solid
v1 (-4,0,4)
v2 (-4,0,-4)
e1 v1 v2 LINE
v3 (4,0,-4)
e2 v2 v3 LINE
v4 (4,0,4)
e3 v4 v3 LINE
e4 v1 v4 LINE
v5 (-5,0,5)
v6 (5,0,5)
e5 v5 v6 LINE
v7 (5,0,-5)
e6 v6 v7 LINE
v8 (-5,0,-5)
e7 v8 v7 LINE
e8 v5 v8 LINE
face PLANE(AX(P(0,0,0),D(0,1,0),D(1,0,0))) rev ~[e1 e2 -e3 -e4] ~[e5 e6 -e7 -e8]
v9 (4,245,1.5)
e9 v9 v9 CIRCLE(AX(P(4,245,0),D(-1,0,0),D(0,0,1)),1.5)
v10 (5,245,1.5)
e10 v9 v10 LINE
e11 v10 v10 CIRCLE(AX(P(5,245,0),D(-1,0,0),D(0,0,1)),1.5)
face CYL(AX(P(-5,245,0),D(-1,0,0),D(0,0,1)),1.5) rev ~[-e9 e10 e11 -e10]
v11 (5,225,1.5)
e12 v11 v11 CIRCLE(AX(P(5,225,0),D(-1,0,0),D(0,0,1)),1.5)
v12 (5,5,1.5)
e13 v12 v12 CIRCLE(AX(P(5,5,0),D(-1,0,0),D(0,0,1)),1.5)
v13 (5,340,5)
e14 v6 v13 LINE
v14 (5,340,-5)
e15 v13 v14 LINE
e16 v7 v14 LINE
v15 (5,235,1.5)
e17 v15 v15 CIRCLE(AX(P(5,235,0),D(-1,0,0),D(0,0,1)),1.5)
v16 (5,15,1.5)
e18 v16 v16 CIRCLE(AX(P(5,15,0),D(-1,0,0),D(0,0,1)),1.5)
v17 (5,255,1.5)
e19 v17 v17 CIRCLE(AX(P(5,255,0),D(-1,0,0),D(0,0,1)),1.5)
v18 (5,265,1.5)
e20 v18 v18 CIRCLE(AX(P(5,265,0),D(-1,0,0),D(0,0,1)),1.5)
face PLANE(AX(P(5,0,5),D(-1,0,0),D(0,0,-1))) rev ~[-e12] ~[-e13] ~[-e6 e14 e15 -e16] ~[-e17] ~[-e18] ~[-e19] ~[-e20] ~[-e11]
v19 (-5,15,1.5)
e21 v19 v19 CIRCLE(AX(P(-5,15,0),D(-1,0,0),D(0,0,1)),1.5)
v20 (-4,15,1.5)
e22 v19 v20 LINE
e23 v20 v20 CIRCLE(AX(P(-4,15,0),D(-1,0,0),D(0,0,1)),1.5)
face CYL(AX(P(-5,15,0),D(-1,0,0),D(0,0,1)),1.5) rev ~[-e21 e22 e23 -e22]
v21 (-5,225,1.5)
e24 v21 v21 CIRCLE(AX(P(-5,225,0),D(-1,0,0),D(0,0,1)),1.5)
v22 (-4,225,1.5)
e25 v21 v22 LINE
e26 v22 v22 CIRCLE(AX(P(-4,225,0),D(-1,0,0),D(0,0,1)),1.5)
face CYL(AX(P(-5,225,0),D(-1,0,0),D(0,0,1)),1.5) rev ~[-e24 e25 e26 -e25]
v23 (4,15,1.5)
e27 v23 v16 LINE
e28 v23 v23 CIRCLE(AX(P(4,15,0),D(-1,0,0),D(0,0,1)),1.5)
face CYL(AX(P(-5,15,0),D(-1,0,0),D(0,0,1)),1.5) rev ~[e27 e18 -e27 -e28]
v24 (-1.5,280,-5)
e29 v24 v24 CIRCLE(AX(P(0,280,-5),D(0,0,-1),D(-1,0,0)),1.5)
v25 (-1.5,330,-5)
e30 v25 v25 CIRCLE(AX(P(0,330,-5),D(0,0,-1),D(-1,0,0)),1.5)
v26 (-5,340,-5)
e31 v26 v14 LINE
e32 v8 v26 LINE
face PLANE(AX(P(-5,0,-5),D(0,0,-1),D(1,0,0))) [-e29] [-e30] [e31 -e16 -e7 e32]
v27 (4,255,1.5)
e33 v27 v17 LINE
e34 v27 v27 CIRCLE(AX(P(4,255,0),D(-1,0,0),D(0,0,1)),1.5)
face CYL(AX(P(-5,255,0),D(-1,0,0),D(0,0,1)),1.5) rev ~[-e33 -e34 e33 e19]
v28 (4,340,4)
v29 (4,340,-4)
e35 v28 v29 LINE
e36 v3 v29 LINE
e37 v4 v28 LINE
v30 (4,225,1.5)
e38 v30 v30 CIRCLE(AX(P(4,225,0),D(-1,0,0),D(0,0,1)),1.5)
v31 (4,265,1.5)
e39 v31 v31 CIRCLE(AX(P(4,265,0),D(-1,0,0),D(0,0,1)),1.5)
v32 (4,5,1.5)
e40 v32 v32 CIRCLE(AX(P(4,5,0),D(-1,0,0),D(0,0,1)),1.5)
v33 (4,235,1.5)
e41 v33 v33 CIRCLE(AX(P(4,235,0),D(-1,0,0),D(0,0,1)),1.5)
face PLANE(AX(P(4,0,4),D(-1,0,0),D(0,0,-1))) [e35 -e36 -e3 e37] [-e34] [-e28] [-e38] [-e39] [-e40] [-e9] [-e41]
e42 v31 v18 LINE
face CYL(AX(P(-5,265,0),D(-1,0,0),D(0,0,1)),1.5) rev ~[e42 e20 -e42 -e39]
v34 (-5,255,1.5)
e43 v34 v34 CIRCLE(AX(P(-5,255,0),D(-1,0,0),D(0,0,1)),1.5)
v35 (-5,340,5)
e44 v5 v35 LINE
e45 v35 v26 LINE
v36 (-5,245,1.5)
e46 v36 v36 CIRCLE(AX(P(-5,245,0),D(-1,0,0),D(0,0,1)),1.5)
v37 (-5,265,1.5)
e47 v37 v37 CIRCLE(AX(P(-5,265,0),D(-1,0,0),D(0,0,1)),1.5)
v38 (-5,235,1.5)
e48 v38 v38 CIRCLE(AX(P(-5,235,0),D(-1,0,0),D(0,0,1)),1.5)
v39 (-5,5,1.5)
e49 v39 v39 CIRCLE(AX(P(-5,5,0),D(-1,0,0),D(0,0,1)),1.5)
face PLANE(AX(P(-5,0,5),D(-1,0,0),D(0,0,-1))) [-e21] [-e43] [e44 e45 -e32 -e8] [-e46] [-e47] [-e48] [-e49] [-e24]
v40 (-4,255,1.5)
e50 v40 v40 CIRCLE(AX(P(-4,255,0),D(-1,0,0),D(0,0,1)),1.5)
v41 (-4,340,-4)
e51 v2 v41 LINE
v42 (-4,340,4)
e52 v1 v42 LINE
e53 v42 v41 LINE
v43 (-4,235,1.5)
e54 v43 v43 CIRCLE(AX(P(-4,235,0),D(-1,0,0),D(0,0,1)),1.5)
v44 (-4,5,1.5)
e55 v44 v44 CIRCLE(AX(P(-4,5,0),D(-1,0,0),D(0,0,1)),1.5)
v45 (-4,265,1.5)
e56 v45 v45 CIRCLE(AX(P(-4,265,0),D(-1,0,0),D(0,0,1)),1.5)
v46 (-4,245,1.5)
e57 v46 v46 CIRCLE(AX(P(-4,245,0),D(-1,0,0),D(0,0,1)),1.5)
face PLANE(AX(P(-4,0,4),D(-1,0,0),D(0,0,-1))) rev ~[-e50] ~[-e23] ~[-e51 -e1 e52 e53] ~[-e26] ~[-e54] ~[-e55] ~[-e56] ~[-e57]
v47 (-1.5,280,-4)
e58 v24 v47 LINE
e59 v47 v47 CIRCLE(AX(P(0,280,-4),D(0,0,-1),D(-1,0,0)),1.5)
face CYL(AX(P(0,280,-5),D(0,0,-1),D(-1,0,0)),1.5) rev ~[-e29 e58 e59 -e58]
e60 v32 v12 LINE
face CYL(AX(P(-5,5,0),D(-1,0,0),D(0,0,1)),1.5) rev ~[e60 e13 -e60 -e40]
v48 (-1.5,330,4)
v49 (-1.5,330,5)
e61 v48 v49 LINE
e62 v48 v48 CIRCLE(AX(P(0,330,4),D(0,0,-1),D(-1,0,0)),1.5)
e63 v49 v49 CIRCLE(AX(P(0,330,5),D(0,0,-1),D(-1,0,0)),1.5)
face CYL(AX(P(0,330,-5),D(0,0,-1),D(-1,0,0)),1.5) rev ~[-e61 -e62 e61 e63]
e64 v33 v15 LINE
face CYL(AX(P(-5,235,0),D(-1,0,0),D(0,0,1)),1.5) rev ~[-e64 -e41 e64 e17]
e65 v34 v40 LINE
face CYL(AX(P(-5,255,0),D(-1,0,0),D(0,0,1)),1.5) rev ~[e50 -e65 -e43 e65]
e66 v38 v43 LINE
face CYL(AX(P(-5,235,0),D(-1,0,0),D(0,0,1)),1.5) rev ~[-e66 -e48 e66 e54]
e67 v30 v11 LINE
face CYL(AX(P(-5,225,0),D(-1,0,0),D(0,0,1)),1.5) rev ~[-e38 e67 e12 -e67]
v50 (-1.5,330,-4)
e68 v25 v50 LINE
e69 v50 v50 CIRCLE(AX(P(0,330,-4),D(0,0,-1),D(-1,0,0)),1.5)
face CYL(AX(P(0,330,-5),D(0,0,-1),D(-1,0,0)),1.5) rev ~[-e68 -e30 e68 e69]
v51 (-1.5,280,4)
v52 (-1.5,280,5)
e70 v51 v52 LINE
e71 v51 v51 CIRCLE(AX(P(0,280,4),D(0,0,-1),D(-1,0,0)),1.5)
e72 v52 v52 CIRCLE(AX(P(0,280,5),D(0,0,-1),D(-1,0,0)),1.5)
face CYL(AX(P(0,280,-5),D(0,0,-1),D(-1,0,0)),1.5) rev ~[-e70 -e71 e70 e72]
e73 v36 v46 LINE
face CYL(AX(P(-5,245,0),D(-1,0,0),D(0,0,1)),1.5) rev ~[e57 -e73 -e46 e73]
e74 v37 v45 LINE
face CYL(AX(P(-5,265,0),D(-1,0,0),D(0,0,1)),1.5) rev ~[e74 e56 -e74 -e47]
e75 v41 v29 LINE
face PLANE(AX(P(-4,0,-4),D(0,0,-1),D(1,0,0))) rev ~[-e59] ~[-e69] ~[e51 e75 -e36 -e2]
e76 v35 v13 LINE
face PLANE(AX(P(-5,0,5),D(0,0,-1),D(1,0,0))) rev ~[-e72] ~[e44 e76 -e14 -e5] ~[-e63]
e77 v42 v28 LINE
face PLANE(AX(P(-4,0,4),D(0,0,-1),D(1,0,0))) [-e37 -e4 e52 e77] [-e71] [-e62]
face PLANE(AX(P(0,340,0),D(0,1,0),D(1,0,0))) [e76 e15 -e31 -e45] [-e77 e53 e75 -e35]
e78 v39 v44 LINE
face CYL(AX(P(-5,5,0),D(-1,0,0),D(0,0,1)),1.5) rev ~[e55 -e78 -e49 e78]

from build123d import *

# Parameters (mm, degrees)
SKETCH_1_W          = 10
SKETCH_1_H          = 10
SKETCH_1_W_2        = 8
SKETCH_1_H_2        = 8
EXTRUDE_1_DEPTH     = 340
SKETCH_2_R          = 1.5
CUT_EXTRUDE_1_DEPTH = 30
SKETCH_3_R          = 1.5
CUT_EXTRUDE_2_DEPTH = 10


with BuildPart() as part:
    # 草图1 → 凸台-拉伸1 (new body)
    with BuildSketch(Plane(origin=(0, 0, 0), x_dir=(1, 0, 0), z_dir=(0, 1, 0))):
        Rectangle(SKETCH_1_W, SKETCH_1_H)
        Rectangle(SKETCH_1_W_2, SKETCH_1_H_2, mode=Mode.SUBTRACT)
    extrude(amount=EXTRUDE_1_DEPTH)

    # 草图2 → 切除-拉伸1 (cut)
    with BuildSketch(Plane.ZY.offset(5)):
        with Locations((0, 5)):
            Circle(SKETCH_2_R)
        with Locations((0, 15)):
            Circle(SKETCH_2_R)
        with Locations((0, 225)):
            Circle(SKETCH_2_R)
        with Locations((0, 235)):
            Circle(SKETCH_2_R)
        with Locations((0, 245)):
            Circle(SKETCH_2_R)
        with Locations((0, 255)):
            Circle(SKETCH_2_R)
        with Locations((0, 265)):
            Circle(SKETCH_2_R)
    extrude(amount=-CUT_EXTRUDE_1_DEPTH, mode=Mode.SUBTRACT)

    # 草图3 → 切除-拉伸2 (cut)
    with BuildSketch(Plane(origin=(0, 0, -5), x_dir=(-1, 0, 0), z_dir=(0, 0, -1))):
        with Locations((0, 280)):
            Circle(SKETCH_3_R)
        with Locations((0, 330)):
            Circle(SKETCH_3_R)
    extrude(amount=-CUT_EXTRUDE_2_DEPTH, mode=Mode.SUBTRACT)


solid = part.part
